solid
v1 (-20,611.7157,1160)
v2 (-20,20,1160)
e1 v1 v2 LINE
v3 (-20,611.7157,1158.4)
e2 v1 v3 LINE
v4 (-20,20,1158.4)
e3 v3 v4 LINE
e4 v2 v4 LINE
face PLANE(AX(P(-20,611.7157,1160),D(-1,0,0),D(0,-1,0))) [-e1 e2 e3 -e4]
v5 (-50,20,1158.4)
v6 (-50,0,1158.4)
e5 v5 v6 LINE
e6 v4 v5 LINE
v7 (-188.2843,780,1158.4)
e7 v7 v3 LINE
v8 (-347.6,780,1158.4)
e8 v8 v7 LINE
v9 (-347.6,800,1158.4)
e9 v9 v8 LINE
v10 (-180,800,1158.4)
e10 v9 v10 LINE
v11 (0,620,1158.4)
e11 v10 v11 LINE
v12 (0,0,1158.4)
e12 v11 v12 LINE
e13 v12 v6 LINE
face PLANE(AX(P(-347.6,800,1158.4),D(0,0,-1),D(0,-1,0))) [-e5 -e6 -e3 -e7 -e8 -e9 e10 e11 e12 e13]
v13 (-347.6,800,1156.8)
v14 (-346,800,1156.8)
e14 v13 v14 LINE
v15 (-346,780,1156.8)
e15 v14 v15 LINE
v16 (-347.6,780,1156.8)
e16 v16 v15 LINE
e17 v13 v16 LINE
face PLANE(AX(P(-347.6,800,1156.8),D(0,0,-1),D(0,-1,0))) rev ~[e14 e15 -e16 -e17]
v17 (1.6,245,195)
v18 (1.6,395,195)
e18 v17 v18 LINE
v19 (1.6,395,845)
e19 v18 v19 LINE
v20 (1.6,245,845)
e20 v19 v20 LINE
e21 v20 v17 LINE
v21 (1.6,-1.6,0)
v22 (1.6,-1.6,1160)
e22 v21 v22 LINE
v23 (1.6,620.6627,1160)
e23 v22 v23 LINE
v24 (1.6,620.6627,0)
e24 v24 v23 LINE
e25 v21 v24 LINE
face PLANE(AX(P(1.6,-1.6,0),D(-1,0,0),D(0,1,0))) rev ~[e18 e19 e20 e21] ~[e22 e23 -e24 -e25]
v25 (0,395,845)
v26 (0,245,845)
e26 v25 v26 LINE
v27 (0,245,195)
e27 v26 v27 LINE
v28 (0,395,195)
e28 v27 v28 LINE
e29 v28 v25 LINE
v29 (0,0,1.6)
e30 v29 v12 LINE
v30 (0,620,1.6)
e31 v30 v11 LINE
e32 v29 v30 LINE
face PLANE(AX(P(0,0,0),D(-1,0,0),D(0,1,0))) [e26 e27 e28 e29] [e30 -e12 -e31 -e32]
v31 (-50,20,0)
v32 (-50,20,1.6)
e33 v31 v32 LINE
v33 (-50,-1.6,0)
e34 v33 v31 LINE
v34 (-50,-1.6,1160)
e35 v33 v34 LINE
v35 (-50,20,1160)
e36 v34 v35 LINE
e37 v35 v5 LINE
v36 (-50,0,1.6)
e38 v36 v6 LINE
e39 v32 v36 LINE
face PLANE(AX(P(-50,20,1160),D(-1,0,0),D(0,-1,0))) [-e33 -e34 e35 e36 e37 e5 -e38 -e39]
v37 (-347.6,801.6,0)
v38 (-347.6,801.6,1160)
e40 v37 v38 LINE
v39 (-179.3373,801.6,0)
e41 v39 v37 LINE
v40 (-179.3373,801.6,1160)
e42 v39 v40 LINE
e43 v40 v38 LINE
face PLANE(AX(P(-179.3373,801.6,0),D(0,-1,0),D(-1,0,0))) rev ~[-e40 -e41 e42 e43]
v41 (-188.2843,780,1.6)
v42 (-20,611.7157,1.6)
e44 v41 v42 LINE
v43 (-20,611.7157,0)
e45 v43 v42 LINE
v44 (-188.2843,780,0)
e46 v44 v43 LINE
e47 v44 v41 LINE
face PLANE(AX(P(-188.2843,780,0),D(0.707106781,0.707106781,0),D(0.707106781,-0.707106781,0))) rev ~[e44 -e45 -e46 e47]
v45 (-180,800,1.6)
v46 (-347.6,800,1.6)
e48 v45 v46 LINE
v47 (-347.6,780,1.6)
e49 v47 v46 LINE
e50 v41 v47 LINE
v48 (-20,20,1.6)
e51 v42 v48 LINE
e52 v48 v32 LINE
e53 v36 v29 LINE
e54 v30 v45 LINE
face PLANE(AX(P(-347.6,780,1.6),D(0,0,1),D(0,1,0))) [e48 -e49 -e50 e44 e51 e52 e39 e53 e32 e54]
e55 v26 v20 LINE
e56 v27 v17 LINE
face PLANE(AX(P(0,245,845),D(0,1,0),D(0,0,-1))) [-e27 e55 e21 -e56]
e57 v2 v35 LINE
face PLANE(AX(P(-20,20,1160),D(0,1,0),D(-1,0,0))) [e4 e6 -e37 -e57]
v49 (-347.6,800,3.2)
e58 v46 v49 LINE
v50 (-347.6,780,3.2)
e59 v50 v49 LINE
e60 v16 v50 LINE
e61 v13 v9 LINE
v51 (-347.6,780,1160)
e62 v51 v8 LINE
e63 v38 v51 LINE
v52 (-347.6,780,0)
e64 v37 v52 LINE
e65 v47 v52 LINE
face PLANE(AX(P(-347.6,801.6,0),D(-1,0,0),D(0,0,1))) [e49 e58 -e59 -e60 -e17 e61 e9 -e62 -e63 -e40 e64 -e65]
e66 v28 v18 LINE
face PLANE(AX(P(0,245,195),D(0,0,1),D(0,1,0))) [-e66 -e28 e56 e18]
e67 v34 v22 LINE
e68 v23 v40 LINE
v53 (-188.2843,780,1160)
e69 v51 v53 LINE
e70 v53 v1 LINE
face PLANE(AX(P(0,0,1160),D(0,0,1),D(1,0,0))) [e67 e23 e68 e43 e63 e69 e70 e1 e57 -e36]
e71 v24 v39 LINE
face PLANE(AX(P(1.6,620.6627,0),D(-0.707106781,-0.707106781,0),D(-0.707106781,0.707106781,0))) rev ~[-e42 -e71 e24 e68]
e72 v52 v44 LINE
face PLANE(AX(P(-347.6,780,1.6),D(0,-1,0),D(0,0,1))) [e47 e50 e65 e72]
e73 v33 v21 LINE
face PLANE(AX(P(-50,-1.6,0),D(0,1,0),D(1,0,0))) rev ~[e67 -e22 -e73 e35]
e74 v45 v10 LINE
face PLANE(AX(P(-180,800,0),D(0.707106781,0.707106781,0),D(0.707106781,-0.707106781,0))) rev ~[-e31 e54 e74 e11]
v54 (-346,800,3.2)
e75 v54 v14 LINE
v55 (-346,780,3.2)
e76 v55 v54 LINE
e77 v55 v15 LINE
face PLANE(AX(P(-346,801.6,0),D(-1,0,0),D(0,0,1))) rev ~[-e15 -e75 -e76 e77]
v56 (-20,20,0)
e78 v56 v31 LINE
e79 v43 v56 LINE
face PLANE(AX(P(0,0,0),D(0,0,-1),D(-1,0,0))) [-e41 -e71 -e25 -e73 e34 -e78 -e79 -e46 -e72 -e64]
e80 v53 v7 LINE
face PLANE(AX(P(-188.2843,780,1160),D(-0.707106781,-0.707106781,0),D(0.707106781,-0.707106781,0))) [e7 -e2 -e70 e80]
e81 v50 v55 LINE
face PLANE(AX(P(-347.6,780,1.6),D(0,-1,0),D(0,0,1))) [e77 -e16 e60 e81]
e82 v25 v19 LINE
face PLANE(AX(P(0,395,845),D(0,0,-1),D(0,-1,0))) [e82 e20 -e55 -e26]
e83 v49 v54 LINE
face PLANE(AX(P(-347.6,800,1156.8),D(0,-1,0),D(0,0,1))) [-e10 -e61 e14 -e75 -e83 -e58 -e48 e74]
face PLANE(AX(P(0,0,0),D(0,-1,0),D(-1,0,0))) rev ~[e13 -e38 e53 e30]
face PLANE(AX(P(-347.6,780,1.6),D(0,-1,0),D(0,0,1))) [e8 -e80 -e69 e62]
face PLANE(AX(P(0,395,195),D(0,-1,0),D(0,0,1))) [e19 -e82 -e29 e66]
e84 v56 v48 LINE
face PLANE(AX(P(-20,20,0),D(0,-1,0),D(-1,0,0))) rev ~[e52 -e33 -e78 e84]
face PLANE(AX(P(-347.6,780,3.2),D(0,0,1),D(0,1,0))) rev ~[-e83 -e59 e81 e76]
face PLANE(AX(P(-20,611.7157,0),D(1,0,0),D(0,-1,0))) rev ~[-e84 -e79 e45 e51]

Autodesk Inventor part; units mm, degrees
ref_plane "YZ Plane" through (0, 0, 0) normal (1, 0, 0) x (0, 1, 0)
ref_plane "XZ Plane" through (0, 0, 0) normal (0, 1, 0) x (-1, 0, 0)
ref_plane "XY Plane" through (0, 0, 0) normal (0, 0, 1) x (1, 0, 0)
sketch "Sketch1" plane through (0, 0, 0) normal (0, 0, 1) x (1, 0, 0)
  line L0 (-347.6, 800) -> (-180, 800)
  line L1 (-180, 800) -> (0, 620)
  line L2 (-180, 800) -> (122.4624, 800) construction
  line L3 (0, 0) -> (0, 620)
  line L4 (0, 0) -> (-50, 0)
  line L5 (-50, -1.6) -> (1.6, -1.6)
  line L6 (1.6, -1.6) -> (1.6, 620.6627)
  line L7 (1.6, 620.6627) -> (-179.3373, 801.6)
  line L8 (-179.3373, 801.6) -> (-347.6, 801.6)
  line L9 (-347.6, 801.6) -> (-347.6, 800)
  line L10 (-50, 0) -> (-50, -1.6)
  dimension "d0" = 167.6
  dimension "d1" = 45
  dimension "d2" = 800
  dimension "d4" = 50
  dimension "d15" = 180
  dimension "d19" = 1.6
extrude "Extrusion1" add sketch "Sketch1" along normal blind 1160
sketch "Sketch2" plane through (0, 0, 0) normal (-1, 0, 0) x (0, 0, -1)
  line L0 (-195, -320) -> (-845, -320) construction
  line L1 (-845, -245) -> (-195, -245)
  line L2 (-195, -245) -> (-195, -395)
  line L3 (-195, -395) -> (-845, -395)
  line L4 (-845, -395) -> (-845, -245)
  point P0 (0, 0)
  dimension "d8" = 195
  dimension "d10" = 650
  dimension "d11" = 650
  dimension "d12" = 150
  dimension "d20" = 320
extrude "Extrusion3" cut sketch "Sketch2" against normal through all
sketch "Sketch3" plane through (0, 0, 0) normal (0, 0, -1) x (-1, 0, 0)
  line L0 (50, 0) -> (0, 0) projected
  line L1 (0, 0) -> (0, 620) projected
  line L2 (0, 620) -> (180, 800) projected
  line L3 (180, 800) -> (347.6, 800) projected
  line L4 (347.6, 780) -> (188.2843, 780)
  line L5 (188.2843, 780) -> (20, 611.7157)
  line L6 (20, 611.7157) -> (20, 20)
  line L7 (20, 20) -> (50, 20)
  line L8 (347.6, 780) -> (347.6, 800)
  line L9 (50, 20) -> (50, 0)
  dimension "d23" = 20
extrude "Extrusion4" add sketch "Sketch3" against normal blind 1.6
sketch "Sketch4" plane through (0, 0, 1160) normal (0, 0, 1) x (1, 0, 0)
  line L0 (0, 0) -> (-50, 0) projected
  line L1 (0, 620) -> (0, 0) projected
  line L2 (-180, 800) -> (0, 620) projected
  line L3 (-347.6, 800) -> (-180, 800) projected
  line L4 (-347.6, 800) -> (-347.6, 780) projected
  line L5 (-347.6, 780) -> (-188.2843, 780) projected
  line L6 (-188.2843, 780) -> (-20, 611.7157) projected
  line L7 (-20, 611.7157) -> (-20, 20) projected
  line L8 (-20, 20) -> (-50, 20) projected
  line L9 (-50, 20) -> (-50, 0) projected
extrude "Extrusion5" add sketch "Sketch4" against normal blind 1.6
sketch "Sketch5" plane through (-347.6, 801.6, 0) normal (-1, 0, 0) x (0, 0, 1)
  line L0 (1.6, -1.6) -> (1.6, -21.6) projected
  line L1 (1.6, -1.6) -> (1158.4, -1.6) projected
  line L2 (1158.4, -21.6) -> (1158.4, -1.6) projected
  line L3 (1.6, -21.6) -> (1158.4, -21.6)
  line L4 (0, 0) -> (0, -180.9373) projected
  point P0 (0, -801.6)
extrude "Extrusion6" add sketch "Sketch5" against normal blind 1.6
sketch "Sketch6" plane through (-347.6, 801.6, 0) normal (-1, 0, 0) x (0, 0, 1)
  line L0 (1158.4, -21.6) -> (1.6, -21.6) projected
  line L1 (580, -21.6) -> (580, 0) construction
  line L2 (0, 0) -> (1160, 0) projected
  line L3 (1.6, -1.6) -> (1158.4, -1.6) projected
  line L4 (1.6, -21.6) -> (1.6, -1.6)
  line L5 (3.2, -21.6) -> (3.2, -1.6)
  line L6 (1158.4, -1.6) -> (1158.4, -21.6)
  line L7 (1158.4, -181.6) -> (1158.4, -1.6) projected
  line L8 (1156.8, -1.6) -> (1156.8, -21.6)
  point P0 (0, -801.6)
  dimension "d30" = 1.6
  dimension "d31" = 1.6
extrude "Extrusion7" cut sketch "Sketch6" against normal blind 1.6 contours L0 L8 L3 L6 | L0 L4 L3 L5
properties part number "Cover Back" material "Steel"
